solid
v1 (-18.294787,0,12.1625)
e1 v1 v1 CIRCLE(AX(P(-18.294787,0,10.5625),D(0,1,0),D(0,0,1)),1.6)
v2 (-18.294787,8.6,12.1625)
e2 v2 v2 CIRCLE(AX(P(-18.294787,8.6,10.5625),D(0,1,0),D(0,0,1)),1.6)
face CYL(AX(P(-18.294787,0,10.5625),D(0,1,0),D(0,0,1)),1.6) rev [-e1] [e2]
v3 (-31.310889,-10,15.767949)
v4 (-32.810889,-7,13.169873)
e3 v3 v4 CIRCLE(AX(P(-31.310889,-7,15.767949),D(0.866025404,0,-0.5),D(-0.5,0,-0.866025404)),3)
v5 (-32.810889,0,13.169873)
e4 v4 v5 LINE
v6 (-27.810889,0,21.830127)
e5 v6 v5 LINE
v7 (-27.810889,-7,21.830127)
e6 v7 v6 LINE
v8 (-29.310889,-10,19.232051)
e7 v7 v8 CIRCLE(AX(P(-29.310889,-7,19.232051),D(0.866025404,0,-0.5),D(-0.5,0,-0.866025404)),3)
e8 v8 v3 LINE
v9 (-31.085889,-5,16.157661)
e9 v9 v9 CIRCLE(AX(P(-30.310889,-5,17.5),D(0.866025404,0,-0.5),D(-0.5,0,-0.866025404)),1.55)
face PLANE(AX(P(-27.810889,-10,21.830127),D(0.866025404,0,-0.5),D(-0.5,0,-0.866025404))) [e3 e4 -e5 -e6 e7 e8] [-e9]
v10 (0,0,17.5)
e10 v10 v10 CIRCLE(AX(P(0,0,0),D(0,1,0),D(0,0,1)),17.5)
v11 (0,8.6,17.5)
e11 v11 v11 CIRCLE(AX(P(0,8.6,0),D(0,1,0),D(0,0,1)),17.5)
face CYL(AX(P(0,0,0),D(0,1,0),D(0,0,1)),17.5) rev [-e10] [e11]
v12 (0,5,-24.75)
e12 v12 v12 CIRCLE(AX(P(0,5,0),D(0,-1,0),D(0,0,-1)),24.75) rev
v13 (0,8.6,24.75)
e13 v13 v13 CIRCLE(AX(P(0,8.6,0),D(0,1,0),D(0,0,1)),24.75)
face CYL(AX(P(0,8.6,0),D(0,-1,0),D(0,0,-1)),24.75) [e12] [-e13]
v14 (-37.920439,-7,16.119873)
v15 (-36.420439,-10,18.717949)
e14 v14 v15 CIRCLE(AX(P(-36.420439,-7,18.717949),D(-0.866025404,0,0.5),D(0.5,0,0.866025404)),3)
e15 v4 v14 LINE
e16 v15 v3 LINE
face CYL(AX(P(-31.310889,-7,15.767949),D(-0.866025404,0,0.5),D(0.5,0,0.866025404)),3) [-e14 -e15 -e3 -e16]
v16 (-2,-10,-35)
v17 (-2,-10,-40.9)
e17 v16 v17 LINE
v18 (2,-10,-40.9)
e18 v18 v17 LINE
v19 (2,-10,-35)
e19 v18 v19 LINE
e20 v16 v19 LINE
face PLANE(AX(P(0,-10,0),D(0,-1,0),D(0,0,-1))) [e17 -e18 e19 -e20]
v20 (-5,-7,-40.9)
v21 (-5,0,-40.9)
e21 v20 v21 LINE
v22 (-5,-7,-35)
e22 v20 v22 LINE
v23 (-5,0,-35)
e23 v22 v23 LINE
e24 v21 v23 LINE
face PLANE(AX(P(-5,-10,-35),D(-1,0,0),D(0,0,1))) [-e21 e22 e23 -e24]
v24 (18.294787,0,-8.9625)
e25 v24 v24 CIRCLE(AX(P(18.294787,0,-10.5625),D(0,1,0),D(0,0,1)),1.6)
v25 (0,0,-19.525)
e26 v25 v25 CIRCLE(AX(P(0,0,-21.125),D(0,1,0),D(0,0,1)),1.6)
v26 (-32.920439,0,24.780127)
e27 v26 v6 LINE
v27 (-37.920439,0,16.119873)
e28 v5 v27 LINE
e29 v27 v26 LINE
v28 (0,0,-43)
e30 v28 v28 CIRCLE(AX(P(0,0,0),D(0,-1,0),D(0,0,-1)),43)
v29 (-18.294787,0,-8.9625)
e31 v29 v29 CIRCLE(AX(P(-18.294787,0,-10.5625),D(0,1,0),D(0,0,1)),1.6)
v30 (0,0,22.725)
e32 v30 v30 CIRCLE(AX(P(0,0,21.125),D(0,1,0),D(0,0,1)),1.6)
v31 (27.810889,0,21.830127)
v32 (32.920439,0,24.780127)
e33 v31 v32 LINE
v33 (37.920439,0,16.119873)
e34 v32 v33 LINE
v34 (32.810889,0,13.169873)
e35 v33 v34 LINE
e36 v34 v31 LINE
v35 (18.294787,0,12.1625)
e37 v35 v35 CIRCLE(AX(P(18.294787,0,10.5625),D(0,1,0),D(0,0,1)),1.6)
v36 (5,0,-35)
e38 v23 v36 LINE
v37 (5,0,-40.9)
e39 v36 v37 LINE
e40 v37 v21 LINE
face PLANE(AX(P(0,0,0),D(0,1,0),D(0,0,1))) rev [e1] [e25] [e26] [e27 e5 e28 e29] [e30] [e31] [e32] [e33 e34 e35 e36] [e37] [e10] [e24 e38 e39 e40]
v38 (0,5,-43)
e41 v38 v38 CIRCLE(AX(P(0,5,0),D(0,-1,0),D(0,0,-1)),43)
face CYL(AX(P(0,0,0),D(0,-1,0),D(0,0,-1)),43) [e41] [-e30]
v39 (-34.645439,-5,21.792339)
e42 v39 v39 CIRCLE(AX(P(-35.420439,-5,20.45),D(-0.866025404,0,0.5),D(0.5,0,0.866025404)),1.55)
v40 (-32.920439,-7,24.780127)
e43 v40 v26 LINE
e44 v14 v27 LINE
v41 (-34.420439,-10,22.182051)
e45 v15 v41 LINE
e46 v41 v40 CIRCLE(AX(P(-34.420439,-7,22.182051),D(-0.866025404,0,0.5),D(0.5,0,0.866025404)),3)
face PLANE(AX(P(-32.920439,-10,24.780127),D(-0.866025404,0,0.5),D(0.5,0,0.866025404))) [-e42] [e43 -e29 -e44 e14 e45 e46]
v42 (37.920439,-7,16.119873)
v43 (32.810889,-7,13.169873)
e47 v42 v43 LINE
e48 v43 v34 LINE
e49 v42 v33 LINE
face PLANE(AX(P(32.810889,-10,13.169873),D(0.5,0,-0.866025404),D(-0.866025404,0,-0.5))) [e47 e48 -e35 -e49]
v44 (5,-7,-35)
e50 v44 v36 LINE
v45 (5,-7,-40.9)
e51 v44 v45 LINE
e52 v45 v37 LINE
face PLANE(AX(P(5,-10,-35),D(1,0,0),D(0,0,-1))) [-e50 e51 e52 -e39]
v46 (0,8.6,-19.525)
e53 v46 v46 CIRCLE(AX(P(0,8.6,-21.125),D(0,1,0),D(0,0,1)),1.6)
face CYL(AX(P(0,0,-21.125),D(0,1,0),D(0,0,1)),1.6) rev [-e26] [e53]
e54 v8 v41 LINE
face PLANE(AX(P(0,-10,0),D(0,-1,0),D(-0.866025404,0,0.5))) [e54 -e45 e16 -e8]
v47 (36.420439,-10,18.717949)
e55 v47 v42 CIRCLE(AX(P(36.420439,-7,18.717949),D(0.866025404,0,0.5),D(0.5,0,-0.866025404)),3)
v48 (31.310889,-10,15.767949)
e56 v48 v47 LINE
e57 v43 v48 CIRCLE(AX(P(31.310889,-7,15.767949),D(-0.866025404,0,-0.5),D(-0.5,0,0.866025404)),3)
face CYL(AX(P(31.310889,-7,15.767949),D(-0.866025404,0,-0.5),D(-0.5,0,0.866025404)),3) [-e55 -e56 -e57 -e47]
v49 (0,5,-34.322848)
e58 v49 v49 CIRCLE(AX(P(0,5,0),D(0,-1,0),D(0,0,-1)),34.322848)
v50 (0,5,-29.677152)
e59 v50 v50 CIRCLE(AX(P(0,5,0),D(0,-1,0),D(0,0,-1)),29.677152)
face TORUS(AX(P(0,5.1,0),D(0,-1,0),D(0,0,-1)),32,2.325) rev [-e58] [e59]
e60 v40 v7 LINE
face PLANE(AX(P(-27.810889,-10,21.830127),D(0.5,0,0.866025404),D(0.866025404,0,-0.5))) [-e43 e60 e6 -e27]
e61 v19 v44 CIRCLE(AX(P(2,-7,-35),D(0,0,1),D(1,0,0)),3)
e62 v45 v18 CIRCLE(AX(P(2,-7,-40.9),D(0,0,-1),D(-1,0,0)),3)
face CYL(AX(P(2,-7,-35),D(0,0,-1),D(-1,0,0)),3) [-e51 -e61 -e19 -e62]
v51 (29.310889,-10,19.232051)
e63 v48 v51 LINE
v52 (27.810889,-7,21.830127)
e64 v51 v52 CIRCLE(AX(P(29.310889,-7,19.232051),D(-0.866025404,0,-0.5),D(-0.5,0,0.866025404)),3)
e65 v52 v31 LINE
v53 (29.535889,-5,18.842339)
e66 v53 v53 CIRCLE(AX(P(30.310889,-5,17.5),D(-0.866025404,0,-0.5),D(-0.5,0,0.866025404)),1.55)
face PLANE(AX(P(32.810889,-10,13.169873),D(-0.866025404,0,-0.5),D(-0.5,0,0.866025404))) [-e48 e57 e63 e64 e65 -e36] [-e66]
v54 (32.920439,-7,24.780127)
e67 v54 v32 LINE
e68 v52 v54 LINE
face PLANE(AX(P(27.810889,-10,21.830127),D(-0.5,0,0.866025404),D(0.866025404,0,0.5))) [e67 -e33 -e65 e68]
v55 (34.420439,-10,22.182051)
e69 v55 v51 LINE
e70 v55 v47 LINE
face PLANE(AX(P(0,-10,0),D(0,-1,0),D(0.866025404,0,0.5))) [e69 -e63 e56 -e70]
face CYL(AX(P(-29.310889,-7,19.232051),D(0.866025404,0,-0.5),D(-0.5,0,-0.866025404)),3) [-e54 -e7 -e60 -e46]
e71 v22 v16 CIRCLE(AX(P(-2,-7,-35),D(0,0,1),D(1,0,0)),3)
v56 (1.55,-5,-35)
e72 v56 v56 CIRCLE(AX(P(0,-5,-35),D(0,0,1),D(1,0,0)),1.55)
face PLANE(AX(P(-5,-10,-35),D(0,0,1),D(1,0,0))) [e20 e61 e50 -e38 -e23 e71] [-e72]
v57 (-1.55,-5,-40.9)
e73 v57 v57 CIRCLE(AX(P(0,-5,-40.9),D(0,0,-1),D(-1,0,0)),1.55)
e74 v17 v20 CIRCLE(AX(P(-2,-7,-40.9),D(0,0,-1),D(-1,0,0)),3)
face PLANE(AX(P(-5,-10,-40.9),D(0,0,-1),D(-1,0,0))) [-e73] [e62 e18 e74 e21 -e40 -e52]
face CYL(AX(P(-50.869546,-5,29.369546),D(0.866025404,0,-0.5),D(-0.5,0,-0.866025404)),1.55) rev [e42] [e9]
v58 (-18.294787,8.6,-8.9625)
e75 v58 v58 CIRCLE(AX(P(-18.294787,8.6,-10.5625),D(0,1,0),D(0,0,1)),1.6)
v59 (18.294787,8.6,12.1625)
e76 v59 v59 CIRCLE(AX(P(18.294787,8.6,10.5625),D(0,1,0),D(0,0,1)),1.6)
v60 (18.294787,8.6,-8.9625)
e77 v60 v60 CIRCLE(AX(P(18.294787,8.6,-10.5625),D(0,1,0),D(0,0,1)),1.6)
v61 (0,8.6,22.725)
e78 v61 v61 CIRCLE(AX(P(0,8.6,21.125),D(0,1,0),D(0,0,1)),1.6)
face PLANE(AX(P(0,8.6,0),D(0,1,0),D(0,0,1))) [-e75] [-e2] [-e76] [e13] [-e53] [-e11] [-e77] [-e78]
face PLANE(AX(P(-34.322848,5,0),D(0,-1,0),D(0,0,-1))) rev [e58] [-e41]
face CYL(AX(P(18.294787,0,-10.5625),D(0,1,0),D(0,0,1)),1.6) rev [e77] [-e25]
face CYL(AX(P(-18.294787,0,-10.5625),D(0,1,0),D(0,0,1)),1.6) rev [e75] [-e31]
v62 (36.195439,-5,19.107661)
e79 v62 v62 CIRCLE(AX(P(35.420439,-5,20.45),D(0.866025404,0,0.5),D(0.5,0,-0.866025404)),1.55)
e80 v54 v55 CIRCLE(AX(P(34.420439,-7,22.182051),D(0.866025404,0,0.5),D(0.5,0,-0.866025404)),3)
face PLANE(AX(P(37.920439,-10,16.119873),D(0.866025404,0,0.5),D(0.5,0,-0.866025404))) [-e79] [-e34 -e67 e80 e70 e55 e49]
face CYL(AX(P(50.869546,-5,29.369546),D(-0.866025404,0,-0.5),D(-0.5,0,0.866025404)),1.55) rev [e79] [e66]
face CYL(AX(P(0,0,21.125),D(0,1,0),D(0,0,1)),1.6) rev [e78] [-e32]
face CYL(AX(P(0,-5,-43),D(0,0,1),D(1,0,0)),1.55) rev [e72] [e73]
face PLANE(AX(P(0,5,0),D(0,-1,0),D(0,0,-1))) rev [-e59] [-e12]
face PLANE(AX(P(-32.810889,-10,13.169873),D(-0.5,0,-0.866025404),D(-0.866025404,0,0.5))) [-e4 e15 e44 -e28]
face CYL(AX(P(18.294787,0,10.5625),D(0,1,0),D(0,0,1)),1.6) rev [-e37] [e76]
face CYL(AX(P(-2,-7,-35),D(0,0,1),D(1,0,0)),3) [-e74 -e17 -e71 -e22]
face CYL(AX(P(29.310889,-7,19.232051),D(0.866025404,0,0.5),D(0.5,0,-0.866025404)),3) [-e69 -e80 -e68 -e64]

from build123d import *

# Parameters (mm, degrees)
SKETCH2_R                = 24.75
BOSS_EXTRUDE1_DEPTH      = 3.6
CUT_EXTRUDE1_DEPTH       = 62.416284485
CUT_EXTRUDE1_DEPTH_BACK  = 62.416284485
SKETCH3_R                = 17.5
CUT_EXTRUDE2_DEPTH       = 62.416284485
CUT_EXTRUDE2_DEPTH_BACK  = 62.416284485
SKETCH4_R                = 1.6
SKETCH5_W                = 10
SKETCH5_H                = 5.9
BOSS_EXTRUDE2_DEPTH      = 10
FILLET1_R                = 3
SKETCH6_R                = 1.55
CUT_EXTRUDE3_DEPTH       = 62.627915753
CIRPATTERN1_COUNT        = 3
FILLET1_OF_CIRPATTERN1_R = 3


with BuildPart() as part:
    # Sketch1 → Revolve1 (revolve)
    with BuildSketch(Plane.XY, mode=Mode.PRIVATE) as revolve1_sk:
        with BuildLine():
            Line((-34.322848467, 5), (-43, 5))
            Line((-43, 5), (-43, 0))
            Line((-43, 0), (0, 0))
            Line((0, 0), (0, 5))
            Line((0, 5), (-29.677151533, 5))
            ThreePointArc((-29.677151533, 5), (-32, 2.775), (-34.322848467, 5))
        make_face()
    revolve(revolve1_sk.sketch.rotate(Axis((0, 0, 0), (0, 1, 0)), 270), axis=Axis((0, 0, 0), (0, 1, 0)))

    # Sketch2 → Boss-Extrude1 (add)
    with BuildSketch(Plane(origin=(0, 5, 0), x_dir=(1, 0, 0), z_dir=(0, 1, 0))):
        with Locations(Location((0, 0, 0), (0, 0, 90))):
            Circle(SKETCH2_R)
    extrude(amount=BOSS_EXTRUDE1_DEPTH)

    # Sketch3 → Cut-Extrude1 (cut, two sides: drawn at the far end of the back side and taken through both)
    with BuildSketch(Plane(origin=(0, 8.6, 0), x_dir=(1, 0, 0), z_dir=(0, 1, 0)).offset(-CUT_EXTRUDE1_DEPTH_BACK)):
        with Locations(Location((0, 0, 0), (0, 0, 270))):
            Circle(SKETCH3_R)
    extrude(amount=CUT_EXTRUDE1_DEPTH + CUT_EXTRUDE1_DEPTH_BACK, mode=Mode.SUBTRACT)

    # Sketch4 → Cut-Extrude2 (cut, two sides: drawn at the far end of the back side and taken through both)
    with BuildSketch(Plane(origin=(0, 8.6, 0), x_dir=(1, 0, 0), z_dir=(0, 1, 0)).offset(-CUT_EXTRUDE2_DEPTH_BACK)):
        with Locations(Location((0, 21.125, 0), (0, 0, 270))):
            Circle(SKETCH4_R)
        with Locations(Location((18.294786655, 10.5625, 0), (0, 0, 270))):
            Circle(SKETCH4_R)
        with Locations(Location((18.294786655, -10.5625, 0), (0, 0, 270))):
            Circle(SKETCH4_R)
        with Locations(Location((0, -21.125, 0), (0, 0, 270))):
            Circle(SKETCH4_R)
        with Locations(Location((-18.294786655, -10.5625, 0), (0, 0, 270))):
            Circle(SKETCH4_R)
        with Locations(Location((-18.294786655, 10.5625, 0), (0, 0, 270))):
            Circle(SKETCH4_R)
    extrude(amount=CUT_EXTRUDE2_DEPTH + CUT_EXTRUDE2_DEPTH_BACK, mode=Mode.SUBTRACT)

    # Sketch5 → Boss-Extrude2 (add)
    with BuildSketch(Plane(origin=(0, 0, 0), x_dir=(1, 0, 0), z_dir=(0, 1, 0))):
        with Locations((0, 37.95)):
            Rectangle(SKETCH5_W, SKETCH5_H)
    boss_extrude2 = extrude(amount=-BOSS_EXTRUDE2_DEPTH)

    # Fillet1
    fillet1_edges = [part.edges().sort_by_distance(p)[0] for p in [
        (-5, -10, -37.95),
        (5, -10, -37.95),
    ]]
    fillet(fillet1_edges, radius=FILLET1_R)

    # Sketch6 → Cut-Extrude3 (cut, symmetric)
    with BuildSketch(Plane.XY):
        with Locations((0, -5)):
            Circle(SKETCH6_R)
    cut_extrude3 = extrude(amount=CUT_EXTRUDE3_DEPTH, both=True, mode=Mode.SUBTRACT)

    # CirPattern1: Boss-Extrude2, Cut-Extrude3 ×3 about axis
    cirpattern1_axis = Axis((0, 0, 0), (0, 1, 0))
    add([boss_extrude2.rotate(cirpattern1_axis, i * 360 / CIRPATTERN1_COUNT) for i in range(1, CIRPATTERN1_COUNT)])
    add([cut_extrude3.rotate(cirpattern1_axis, i * 360 / CIRPATTERN1_COUNT) for i in range(1, CIRPATTERN1_COUNT)], mode=Mode.SUBTRACT)

    # Fillet1 of CirPattern1
    fillet1_of_cirpattern1_edges = [part.edges().sort_by_distance(p)[0] for p in [
        (-30.365664074, -10, 23.305127019),
        (-35.365664074, -10, 14.644872981),
        (35.365664074, -10, 14.644872981),
        (30.365664074, -10, 23.305127019),
    ]]
    fillet(fillet1_of_cirpattern1_edges, radius=FILLET1_OF_CIRPATTERN1_R)


solid = part.part
